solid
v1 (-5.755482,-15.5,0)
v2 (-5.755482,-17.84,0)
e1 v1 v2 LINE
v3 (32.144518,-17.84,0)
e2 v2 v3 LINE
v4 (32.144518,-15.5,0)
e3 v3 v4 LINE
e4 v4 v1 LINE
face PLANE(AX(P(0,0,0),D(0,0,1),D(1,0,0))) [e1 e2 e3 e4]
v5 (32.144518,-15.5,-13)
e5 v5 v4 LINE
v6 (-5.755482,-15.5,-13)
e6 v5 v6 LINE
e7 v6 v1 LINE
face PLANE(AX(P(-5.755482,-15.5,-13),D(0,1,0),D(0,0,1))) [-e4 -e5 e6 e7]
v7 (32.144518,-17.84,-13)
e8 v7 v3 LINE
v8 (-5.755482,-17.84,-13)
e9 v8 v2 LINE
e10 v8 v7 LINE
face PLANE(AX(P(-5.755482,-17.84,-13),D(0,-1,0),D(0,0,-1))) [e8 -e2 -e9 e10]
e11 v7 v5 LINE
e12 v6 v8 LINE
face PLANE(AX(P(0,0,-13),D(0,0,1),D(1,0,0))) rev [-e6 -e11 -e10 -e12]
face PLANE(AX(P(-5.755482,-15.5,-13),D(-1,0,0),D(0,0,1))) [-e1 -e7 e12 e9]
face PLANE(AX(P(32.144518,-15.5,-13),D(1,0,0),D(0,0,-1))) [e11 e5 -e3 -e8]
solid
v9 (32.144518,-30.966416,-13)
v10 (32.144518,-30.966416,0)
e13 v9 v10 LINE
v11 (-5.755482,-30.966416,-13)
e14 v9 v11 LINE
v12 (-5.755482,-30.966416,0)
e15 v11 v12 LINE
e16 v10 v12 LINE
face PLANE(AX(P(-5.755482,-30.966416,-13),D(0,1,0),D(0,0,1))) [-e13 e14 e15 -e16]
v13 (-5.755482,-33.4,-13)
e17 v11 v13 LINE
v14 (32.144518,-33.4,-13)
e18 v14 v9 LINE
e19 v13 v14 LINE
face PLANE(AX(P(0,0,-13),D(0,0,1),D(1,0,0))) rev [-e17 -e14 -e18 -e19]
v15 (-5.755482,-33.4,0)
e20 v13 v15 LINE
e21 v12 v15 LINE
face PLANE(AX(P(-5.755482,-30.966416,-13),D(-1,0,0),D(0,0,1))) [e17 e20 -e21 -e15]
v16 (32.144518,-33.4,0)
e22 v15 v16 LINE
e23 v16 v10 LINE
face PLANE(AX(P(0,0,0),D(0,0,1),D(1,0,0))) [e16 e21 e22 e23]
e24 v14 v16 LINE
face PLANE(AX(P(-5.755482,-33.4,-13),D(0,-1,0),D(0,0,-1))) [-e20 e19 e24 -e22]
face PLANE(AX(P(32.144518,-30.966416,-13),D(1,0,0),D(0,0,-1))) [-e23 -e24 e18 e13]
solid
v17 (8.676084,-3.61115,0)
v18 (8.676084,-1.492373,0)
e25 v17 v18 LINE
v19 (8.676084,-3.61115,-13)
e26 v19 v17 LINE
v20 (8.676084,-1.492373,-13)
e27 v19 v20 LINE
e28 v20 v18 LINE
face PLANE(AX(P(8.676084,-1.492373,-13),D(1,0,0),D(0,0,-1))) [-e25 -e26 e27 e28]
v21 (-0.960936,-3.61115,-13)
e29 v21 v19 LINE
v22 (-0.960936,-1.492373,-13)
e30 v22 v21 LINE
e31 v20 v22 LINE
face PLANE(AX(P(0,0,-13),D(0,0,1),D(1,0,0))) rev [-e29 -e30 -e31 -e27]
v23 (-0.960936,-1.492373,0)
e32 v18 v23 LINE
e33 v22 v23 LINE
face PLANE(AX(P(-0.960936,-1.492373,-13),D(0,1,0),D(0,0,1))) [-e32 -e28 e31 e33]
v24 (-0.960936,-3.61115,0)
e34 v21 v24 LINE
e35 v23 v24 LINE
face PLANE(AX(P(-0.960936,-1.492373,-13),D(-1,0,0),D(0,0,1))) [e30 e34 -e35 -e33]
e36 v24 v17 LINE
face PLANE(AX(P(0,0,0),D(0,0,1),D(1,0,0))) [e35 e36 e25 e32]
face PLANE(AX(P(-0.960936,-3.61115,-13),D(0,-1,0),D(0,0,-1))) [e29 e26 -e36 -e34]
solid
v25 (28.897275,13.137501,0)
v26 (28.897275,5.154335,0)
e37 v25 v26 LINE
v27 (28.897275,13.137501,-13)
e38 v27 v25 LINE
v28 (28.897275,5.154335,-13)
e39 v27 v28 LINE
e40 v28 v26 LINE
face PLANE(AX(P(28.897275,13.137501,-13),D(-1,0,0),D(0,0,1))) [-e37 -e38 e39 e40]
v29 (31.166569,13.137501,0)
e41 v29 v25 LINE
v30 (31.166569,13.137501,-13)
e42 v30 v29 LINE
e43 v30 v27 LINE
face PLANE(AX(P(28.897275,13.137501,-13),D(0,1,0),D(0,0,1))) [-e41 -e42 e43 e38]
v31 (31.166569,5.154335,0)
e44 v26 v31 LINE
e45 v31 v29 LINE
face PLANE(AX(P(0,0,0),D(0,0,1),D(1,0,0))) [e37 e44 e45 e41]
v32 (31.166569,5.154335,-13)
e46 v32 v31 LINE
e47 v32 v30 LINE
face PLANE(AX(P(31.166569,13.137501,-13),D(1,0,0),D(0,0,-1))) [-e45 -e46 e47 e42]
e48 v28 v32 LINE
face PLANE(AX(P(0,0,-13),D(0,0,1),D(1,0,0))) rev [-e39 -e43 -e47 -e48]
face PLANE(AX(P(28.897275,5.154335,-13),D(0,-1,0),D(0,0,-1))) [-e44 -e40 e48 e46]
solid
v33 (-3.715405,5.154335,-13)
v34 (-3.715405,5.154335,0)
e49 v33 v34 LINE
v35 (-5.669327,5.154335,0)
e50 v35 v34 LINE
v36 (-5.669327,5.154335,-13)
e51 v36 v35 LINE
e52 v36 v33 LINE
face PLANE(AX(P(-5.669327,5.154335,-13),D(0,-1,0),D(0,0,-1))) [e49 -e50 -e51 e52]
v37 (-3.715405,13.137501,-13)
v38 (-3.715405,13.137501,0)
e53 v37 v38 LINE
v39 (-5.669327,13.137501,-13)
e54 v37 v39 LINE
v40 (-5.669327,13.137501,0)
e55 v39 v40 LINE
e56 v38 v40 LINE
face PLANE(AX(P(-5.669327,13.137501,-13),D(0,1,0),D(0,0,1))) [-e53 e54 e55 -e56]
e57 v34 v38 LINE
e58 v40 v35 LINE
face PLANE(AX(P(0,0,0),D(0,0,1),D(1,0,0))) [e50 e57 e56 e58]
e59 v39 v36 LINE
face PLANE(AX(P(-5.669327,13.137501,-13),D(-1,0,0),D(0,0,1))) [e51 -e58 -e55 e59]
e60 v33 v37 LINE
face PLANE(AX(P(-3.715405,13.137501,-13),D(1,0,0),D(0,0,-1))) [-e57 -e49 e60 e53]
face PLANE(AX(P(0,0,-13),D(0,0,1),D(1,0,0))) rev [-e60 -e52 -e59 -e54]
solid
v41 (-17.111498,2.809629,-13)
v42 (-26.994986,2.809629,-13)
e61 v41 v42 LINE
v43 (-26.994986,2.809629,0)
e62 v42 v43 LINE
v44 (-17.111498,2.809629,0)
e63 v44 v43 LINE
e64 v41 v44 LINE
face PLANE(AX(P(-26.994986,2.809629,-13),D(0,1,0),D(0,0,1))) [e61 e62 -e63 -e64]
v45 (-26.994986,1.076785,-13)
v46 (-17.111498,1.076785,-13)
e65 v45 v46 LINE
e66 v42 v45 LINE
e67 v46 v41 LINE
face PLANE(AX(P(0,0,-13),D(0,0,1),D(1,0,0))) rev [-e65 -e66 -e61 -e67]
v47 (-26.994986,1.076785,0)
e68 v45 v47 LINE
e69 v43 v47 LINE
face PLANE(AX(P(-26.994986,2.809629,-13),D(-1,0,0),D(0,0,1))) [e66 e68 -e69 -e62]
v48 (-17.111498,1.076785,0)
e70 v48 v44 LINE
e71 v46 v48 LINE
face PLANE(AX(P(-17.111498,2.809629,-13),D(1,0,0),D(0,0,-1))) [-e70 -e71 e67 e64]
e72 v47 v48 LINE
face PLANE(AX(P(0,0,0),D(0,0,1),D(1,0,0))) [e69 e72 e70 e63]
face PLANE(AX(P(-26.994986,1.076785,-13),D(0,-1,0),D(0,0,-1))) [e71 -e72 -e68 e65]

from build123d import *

# Parameters (mm, degrees)
IZIM1_W                       = 9.63702019
IZIM1_H                       = 2.118777488
Y_KSEKLIK_EKSTR_ZYON1_DEPTH   = 13
IZIM1_W_2                     = 9.883488483
IZIM1_H_2                     = 1.732843856
Y_KSEKLIK_EKSTR_ZYON1_2_DEPTH = 13
IZIM1_W_3                     = 1.953921658
IZIM1_H_3                     = 7.983165628
Y_KSEKLIK_EKSTR_ZYON1_3_DEPTH = 13
IZIM1_W_4                     = 37.9
IZIM1_H_4                     = 2.34
Y_KSEKLIK_EKSTR_ZYON1_4_DEPTH = 13
IZIM1_W_5                     = 2.269294049
Y_KSEKLIK_EKSTR_ZYON1_5_DEPTH = 13
IZIM1_H_5                     = 2.43358359
Y_KSEKLIK_EKSTR_ZYON1_6_DEPTH = 13


with BuildPart() as part:
    # Çizim1 → Yükseklik-Ekstrüzyon1 (new body)
    with BuildSketch(Plane.XY):
        with Locations((3.857574093, -2.55176148)):
            Rectangle(IZIM1_W, IZIM1_H)
    extrude(amount=-Y_KSEKLIK_EKSTR_ZYON1_DEPTH)


with BuildPart() as body_2:
    # Çizim1 → Y_kseklik-Ekstr_zyon1 2 (new body)
    with BuildSketch(Plane.XY):
        with Locations((-22.053241935, 1.943207046)):
            Rectangle(IZIM1_W_2, IZIM1_H_2)
    extrude(amount=-Y_KSEKLIK_EKSTR_ZYON1_2_DEPTH)


with BuildPart() as body_3:
    # Çizim1 → Y_kseklik-Ekstr_zyon1 3 (new body)
    with BuildSketch(Plane.XY):
        with Locations((-4.692366118, 9.145917777)):
            Rectangle(IZIM1_W_3, IZIM1_H_3)
    extrude(amount=-Y_KSEKLIK_EKSTR_ZYON1_3_DEPTH)


with BuildPart() as body_4:
    # Çizim1 → Y_kseklik-Ekstr_zyon1 4 (new body)
    with BuildSketch(Plane.XY):
        with Locations((13.19451837, -16.67)):
            Rectangle(IZIM1_W_4, IZIM1_H_4)
    extrude(amount=-Y_KSEKLIK_EKSTR_ZYON1_4_DEPTH)


with BuildPart() as body_5:
    # Çizim1 → Y_kseklik-Ekstr_zyon1 5 (new body)
    with BuildSketch(Plane.XY):
        with Locations((30.031922134, 9.145917777)):
            Rectangle(IZIM1_W_5, IZIM1_H_3)
    extrude(amount=-Y_KSEKLIK_EKSTR_ZYON1_5_DEPTH)


with BuildPart() as body_6:
    # Çizim1 → Y_kseklik-Ekstr_zyon1 6 (new body)
    with BuildSketch(Plane.XY):
        with Locations((13.19451837, -32.183208205)):
            Rectangle(IZIM1_W_4, IZIM1_H_5)
    extrude(amount=-Y_KSEKLIK_EKSTR_ZYON1_6_DEPTH)


solid = Compound([part.part, body_2.part, body_3.part, body_4.part, body_5.part, body_6.part])
